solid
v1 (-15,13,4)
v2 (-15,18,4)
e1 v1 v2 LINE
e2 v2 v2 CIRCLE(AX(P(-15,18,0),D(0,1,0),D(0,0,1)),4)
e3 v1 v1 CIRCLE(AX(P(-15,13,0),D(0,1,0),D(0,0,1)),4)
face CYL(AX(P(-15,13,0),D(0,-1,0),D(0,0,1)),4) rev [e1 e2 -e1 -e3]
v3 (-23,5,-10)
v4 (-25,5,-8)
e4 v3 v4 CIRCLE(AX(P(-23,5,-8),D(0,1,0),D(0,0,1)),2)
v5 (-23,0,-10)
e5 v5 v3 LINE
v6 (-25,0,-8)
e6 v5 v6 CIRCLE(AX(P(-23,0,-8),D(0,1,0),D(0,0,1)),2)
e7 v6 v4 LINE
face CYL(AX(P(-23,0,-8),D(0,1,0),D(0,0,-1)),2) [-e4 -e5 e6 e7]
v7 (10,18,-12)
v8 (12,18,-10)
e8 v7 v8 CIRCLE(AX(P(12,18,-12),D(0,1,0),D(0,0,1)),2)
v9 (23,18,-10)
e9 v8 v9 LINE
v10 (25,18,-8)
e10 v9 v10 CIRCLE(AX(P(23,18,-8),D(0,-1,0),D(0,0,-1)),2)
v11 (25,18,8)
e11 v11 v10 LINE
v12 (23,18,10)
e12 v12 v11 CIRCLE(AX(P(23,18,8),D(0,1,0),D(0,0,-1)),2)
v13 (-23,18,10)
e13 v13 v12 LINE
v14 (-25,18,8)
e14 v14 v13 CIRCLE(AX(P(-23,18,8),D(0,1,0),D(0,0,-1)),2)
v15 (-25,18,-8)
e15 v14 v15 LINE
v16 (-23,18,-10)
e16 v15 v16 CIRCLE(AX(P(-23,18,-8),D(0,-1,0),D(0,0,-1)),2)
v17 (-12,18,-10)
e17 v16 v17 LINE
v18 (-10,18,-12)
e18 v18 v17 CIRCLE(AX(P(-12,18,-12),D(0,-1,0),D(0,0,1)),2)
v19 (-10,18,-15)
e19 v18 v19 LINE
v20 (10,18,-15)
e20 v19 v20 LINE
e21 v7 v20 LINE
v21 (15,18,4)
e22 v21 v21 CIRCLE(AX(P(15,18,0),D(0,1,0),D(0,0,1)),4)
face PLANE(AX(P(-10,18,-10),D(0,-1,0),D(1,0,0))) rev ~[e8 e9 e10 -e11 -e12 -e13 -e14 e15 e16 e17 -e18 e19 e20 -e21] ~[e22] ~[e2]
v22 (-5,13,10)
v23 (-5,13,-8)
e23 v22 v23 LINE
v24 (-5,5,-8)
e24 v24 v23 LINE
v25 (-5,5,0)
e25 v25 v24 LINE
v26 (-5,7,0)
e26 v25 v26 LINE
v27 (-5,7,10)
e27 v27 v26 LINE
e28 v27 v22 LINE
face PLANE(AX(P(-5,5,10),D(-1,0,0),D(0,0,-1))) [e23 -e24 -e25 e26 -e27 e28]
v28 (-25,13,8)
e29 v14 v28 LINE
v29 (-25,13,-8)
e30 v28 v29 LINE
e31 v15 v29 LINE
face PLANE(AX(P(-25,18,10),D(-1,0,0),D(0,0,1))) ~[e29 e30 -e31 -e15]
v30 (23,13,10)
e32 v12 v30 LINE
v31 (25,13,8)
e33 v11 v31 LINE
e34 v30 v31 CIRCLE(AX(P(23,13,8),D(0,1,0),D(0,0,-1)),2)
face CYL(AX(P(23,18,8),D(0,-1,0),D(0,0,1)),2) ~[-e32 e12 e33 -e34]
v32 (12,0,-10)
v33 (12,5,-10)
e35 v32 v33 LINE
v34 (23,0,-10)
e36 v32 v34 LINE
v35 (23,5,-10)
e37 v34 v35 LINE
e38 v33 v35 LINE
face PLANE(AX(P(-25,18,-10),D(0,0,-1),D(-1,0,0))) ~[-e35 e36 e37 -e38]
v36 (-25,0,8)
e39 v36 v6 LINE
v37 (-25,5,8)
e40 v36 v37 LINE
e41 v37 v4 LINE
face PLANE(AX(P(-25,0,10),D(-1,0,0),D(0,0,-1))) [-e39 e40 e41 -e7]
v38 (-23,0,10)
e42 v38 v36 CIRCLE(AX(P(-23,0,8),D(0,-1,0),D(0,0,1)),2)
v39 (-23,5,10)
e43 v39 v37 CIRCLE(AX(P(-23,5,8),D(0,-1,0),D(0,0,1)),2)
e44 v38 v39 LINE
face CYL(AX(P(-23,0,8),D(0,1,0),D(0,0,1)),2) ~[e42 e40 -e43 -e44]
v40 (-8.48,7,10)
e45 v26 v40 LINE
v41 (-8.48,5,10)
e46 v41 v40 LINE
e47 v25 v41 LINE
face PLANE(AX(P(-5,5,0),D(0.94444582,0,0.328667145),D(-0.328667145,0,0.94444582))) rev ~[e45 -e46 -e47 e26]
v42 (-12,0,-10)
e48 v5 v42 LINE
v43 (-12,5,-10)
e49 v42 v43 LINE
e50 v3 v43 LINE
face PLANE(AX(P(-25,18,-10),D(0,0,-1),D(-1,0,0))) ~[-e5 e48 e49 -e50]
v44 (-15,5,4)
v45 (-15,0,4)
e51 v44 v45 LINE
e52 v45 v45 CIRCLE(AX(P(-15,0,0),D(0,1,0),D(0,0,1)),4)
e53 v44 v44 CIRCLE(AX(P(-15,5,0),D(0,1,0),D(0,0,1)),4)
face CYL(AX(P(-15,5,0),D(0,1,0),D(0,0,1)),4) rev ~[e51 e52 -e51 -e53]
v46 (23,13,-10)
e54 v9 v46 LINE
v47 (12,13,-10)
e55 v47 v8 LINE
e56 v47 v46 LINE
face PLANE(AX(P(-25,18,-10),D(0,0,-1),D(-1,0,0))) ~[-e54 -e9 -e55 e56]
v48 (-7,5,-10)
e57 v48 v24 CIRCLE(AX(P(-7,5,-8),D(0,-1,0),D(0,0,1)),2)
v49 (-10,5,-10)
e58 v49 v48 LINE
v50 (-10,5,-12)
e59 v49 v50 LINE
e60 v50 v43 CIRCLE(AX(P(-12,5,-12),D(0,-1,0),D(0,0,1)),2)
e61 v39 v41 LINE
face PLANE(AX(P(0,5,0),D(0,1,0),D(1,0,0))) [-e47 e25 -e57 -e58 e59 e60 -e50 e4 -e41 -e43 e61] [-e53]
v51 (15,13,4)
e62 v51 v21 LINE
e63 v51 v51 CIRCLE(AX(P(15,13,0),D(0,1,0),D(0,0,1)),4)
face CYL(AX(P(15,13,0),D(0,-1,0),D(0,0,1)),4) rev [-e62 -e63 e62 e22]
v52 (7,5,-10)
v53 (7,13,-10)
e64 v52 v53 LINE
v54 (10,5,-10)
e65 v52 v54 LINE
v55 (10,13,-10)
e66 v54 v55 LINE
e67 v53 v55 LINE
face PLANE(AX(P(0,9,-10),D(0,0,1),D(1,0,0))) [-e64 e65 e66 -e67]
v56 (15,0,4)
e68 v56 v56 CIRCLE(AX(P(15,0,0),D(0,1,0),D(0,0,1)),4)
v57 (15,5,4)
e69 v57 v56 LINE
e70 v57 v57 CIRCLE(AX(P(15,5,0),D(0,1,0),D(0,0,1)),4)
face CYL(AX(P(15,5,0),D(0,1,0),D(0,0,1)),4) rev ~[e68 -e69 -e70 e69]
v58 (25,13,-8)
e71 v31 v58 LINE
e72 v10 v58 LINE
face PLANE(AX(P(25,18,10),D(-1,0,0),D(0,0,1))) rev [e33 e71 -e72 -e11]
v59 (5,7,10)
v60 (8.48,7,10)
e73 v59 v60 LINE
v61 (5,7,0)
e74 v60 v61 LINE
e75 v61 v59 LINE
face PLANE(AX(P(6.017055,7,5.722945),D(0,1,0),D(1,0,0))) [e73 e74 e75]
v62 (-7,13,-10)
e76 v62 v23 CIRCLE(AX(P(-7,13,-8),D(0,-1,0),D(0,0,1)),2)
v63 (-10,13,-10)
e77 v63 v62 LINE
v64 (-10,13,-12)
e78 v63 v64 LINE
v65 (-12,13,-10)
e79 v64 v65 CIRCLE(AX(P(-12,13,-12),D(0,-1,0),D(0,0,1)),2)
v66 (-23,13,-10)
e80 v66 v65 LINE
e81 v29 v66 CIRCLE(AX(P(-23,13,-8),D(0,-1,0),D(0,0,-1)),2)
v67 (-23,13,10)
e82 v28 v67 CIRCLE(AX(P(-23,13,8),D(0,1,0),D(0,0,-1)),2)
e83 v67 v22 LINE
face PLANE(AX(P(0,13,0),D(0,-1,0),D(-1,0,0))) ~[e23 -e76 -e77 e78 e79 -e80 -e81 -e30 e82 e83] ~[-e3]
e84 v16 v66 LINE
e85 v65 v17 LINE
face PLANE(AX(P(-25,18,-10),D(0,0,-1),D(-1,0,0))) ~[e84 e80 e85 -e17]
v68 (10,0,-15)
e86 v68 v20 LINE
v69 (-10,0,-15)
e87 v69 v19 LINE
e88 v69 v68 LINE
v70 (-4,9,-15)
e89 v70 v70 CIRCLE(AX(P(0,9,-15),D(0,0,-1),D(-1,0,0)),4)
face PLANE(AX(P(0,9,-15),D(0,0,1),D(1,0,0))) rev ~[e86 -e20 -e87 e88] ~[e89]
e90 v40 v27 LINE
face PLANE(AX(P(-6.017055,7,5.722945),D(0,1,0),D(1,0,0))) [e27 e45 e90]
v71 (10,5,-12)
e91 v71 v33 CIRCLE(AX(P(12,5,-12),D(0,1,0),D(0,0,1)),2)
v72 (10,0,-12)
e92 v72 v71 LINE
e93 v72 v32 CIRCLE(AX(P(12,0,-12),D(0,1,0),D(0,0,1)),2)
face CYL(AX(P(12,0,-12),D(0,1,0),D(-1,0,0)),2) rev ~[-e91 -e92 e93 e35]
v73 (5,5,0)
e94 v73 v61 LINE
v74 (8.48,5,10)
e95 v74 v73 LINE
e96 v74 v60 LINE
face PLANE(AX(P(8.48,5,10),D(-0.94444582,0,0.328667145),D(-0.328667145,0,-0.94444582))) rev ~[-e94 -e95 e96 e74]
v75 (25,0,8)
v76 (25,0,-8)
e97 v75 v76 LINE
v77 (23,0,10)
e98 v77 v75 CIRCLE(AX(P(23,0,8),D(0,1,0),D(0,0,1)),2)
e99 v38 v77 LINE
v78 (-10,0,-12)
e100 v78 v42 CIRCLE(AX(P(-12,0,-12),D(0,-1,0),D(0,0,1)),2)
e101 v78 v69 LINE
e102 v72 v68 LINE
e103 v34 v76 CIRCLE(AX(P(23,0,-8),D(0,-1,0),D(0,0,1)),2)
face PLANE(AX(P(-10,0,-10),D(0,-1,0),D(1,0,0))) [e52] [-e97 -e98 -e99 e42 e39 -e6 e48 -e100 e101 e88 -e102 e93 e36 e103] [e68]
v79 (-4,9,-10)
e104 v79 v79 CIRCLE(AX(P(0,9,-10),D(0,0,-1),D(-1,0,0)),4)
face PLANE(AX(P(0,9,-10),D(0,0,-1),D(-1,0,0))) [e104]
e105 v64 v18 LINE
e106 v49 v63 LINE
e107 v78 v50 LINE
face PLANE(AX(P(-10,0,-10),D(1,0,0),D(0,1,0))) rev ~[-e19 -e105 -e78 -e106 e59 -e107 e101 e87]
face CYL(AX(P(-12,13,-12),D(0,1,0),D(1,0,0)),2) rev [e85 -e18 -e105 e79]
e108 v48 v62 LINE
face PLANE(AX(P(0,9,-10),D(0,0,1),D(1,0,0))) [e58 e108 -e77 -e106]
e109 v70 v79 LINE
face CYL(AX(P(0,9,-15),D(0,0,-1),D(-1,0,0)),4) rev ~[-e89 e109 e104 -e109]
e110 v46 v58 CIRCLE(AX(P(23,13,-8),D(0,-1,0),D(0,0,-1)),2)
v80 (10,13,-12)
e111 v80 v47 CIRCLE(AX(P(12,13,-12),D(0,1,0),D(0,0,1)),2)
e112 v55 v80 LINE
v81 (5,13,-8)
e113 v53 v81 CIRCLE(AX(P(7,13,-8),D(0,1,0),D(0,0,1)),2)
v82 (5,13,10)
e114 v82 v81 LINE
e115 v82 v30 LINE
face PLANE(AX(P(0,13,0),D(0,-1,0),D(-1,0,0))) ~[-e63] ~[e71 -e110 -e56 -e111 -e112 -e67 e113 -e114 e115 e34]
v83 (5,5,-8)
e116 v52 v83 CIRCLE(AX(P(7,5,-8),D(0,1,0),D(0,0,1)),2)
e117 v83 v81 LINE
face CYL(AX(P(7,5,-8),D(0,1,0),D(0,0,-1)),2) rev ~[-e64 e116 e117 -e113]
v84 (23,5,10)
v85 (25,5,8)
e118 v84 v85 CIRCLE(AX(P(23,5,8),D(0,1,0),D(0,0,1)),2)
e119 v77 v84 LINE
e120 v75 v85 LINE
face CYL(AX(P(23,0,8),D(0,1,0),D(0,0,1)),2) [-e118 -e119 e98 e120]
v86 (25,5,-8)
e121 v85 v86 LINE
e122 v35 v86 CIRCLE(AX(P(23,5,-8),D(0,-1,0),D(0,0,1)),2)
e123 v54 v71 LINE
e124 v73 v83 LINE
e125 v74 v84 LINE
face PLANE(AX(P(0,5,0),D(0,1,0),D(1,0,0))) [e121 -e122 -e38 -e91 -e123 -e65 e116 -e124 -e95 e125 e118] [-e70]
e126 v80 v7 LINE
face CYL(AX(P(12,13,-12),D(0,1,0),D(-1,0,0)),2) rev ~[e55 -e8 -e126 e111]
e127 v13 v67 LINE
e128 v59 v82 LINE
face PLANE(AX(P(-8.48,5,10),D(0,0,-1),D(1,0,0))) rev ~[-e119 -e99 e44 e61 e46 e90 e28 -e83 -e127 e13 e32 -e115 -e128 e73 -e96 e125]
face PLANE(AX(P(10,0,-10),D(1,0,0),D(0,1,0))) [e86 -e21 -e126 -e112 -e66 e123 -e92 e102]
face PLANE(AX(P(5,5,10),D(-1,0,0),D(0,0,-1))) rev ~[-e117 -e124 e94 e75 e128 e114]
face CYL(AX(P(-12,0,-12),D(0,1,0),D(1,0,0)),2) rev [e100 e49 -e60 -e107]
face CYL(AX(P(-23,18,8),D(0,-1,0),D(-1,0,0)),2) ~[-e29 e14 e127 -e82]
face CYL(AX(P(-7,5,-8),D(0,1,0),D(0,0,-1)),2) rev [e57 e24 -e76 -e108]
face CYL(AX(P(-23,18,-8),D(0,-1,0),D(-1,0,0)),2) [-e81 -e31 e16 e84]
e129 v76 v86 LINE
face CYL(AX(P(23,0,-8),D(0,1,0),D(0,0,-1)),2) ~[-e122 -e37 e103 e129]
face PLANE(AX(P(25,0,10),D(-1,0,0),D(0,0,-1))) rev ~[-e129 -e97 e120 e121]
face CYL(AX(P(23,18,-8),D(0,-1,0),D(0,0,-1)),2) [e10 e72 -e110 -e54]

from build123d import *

# Parameters (mm, degrees)
SKETCH1_W           = 50
SKETCH1_H           = 20
BOSS_EXTRUDE1_DEPTH = 5
SKETCH2_R           = 4
CUT_EXTRUDE1_DEPTH  = 5
SKETCH3_W           = 10
SKETCH3_H           = 20
BOSS_EXTRUDE2_DEPTH = 8
FILLET1_R           = 2
SKETCH5_W           = 20
SKETCH5_H           = 18
BOSS_EXTRUDE3_DEPTH = 5
SKETCH6_R           = 4
CUT_EXTRUDE2_DEPTH  = 5
FILLET2_R           = 2
BOSS_EXTRUDE4_DEPTH = 2


with BuildPart() as part:
    # Sketch1 → Boss-Extrude1 (new body)
    with BuildSketch(Plane(origin=(0, 0, 0), x_dir=(1, 0, 0), z_dir=(0, 1, 0))):
        Rectangle(SKETCH1_W, SKETCH1_H)
    boss_extrude1 = extrude(amount=BOSS_EXTRUDE1_DEPTH)

    # Sketch2 → Cut-Extrude1 (cut)
    with BuildSketch(Plane(origin=(0, 5, 0), x_dir=(1, 0, 0), z_dir=(0, 1, 0))):
        with Locations((-15, 0)):
            Circle(SKETCH2_R)
        with Locations((15, 0)):
            Circle(SKETCH2_R)
    cut_extrude1 = extrude(amount=-CUT_EXTRUDE1_DEPTH, mode=Mode.SUBTRACT)

    # Sketch3 → Boss-Extrude2 (add)
    with BuildSketch(Plane(origin=(0, 5, 0), x_dir=(1, 0, 0), z_dir=(0, 1, 0))):
        Rectangle(SKETCH3_W, SKETCH3_H)
    extrude(amount=BOSS_EXTRUDE2_DEPTH)

    # Mirror1: Boss-Extrude1, Cut-Extrude1 across plane
    add(boss_extrude1.mirror(Plane.ZX.offset(9)))
    add(cut_extrude1.mirror(Plane.ZX.offset(9)), mode=Mode.SUBTRACT)

    # Fillet1
    fillet1_edges = [part.edges().sort_by_distance(p)[0] for p in [
        (25, 2.5, -10),
        (25, 15.5, -10),
        (25, 15.5, 10),
        (25, 2.5, 10),
        (-25, 15.5, -10),
        (-25, 15.5, 10),
        (-25, 2.5, 10),
        (-25, 2.5, -10),
    ]]
    fillet(fillet1_edges, radius=FILLET1_R)

    # Sketch5 → Boss-Extrude3 (add)
    with BuildSketch(Plane.XY.offset(-10)):
        with Locations((0, 9)):
            Rectangle(SKETCH5_W, SKETCH5_H)
    extrude(amount=-BOSS_EXTRUDE3_DEPTH)

    # Sketch6 → Cut-Extrude2 (cut)
    with BuildSketch(Plane(origin=(0, 0, -15), x_dir=(-1, 0, 0), z_dir=(0, 0, -1))):
        with Locations((0, 9)):
            Circle(SKETCH6_R)
    extrude(amount=-CUT_EXTRUDE2_DEPTH, mode=Mode.SUBTRACT)

    # Fillet2
    fillet2_edges = [part.edges().sort_by_distance(p)[0] for p in [
        (10, 2.5, -10),
        (10, 15.5, -10),
        (5, 9, -10),
        (-5, 9, -10),
        (-10, 2.5, -10),
        (-10, 15.5, -10),
    ]]
    fillet(fillet2_edges, radius=FILLET2_R)

    # Sketch2<5> → Boss-Extrude4 (add)
    with BuildSketch(Plane(origin=(0, 5, 0), x_dir=(1, 0, 0), z_dir=(0, 1, 0))):
        Polygon((-5, -10), (-5, 0), (-8.48, -10), align=None)
        Polygon((5, 0), (5, -10), (8.48, -10), align=None)
    extrude(amount=BOSS_EXTRUDE4_DEPTH)


solid = part.part
